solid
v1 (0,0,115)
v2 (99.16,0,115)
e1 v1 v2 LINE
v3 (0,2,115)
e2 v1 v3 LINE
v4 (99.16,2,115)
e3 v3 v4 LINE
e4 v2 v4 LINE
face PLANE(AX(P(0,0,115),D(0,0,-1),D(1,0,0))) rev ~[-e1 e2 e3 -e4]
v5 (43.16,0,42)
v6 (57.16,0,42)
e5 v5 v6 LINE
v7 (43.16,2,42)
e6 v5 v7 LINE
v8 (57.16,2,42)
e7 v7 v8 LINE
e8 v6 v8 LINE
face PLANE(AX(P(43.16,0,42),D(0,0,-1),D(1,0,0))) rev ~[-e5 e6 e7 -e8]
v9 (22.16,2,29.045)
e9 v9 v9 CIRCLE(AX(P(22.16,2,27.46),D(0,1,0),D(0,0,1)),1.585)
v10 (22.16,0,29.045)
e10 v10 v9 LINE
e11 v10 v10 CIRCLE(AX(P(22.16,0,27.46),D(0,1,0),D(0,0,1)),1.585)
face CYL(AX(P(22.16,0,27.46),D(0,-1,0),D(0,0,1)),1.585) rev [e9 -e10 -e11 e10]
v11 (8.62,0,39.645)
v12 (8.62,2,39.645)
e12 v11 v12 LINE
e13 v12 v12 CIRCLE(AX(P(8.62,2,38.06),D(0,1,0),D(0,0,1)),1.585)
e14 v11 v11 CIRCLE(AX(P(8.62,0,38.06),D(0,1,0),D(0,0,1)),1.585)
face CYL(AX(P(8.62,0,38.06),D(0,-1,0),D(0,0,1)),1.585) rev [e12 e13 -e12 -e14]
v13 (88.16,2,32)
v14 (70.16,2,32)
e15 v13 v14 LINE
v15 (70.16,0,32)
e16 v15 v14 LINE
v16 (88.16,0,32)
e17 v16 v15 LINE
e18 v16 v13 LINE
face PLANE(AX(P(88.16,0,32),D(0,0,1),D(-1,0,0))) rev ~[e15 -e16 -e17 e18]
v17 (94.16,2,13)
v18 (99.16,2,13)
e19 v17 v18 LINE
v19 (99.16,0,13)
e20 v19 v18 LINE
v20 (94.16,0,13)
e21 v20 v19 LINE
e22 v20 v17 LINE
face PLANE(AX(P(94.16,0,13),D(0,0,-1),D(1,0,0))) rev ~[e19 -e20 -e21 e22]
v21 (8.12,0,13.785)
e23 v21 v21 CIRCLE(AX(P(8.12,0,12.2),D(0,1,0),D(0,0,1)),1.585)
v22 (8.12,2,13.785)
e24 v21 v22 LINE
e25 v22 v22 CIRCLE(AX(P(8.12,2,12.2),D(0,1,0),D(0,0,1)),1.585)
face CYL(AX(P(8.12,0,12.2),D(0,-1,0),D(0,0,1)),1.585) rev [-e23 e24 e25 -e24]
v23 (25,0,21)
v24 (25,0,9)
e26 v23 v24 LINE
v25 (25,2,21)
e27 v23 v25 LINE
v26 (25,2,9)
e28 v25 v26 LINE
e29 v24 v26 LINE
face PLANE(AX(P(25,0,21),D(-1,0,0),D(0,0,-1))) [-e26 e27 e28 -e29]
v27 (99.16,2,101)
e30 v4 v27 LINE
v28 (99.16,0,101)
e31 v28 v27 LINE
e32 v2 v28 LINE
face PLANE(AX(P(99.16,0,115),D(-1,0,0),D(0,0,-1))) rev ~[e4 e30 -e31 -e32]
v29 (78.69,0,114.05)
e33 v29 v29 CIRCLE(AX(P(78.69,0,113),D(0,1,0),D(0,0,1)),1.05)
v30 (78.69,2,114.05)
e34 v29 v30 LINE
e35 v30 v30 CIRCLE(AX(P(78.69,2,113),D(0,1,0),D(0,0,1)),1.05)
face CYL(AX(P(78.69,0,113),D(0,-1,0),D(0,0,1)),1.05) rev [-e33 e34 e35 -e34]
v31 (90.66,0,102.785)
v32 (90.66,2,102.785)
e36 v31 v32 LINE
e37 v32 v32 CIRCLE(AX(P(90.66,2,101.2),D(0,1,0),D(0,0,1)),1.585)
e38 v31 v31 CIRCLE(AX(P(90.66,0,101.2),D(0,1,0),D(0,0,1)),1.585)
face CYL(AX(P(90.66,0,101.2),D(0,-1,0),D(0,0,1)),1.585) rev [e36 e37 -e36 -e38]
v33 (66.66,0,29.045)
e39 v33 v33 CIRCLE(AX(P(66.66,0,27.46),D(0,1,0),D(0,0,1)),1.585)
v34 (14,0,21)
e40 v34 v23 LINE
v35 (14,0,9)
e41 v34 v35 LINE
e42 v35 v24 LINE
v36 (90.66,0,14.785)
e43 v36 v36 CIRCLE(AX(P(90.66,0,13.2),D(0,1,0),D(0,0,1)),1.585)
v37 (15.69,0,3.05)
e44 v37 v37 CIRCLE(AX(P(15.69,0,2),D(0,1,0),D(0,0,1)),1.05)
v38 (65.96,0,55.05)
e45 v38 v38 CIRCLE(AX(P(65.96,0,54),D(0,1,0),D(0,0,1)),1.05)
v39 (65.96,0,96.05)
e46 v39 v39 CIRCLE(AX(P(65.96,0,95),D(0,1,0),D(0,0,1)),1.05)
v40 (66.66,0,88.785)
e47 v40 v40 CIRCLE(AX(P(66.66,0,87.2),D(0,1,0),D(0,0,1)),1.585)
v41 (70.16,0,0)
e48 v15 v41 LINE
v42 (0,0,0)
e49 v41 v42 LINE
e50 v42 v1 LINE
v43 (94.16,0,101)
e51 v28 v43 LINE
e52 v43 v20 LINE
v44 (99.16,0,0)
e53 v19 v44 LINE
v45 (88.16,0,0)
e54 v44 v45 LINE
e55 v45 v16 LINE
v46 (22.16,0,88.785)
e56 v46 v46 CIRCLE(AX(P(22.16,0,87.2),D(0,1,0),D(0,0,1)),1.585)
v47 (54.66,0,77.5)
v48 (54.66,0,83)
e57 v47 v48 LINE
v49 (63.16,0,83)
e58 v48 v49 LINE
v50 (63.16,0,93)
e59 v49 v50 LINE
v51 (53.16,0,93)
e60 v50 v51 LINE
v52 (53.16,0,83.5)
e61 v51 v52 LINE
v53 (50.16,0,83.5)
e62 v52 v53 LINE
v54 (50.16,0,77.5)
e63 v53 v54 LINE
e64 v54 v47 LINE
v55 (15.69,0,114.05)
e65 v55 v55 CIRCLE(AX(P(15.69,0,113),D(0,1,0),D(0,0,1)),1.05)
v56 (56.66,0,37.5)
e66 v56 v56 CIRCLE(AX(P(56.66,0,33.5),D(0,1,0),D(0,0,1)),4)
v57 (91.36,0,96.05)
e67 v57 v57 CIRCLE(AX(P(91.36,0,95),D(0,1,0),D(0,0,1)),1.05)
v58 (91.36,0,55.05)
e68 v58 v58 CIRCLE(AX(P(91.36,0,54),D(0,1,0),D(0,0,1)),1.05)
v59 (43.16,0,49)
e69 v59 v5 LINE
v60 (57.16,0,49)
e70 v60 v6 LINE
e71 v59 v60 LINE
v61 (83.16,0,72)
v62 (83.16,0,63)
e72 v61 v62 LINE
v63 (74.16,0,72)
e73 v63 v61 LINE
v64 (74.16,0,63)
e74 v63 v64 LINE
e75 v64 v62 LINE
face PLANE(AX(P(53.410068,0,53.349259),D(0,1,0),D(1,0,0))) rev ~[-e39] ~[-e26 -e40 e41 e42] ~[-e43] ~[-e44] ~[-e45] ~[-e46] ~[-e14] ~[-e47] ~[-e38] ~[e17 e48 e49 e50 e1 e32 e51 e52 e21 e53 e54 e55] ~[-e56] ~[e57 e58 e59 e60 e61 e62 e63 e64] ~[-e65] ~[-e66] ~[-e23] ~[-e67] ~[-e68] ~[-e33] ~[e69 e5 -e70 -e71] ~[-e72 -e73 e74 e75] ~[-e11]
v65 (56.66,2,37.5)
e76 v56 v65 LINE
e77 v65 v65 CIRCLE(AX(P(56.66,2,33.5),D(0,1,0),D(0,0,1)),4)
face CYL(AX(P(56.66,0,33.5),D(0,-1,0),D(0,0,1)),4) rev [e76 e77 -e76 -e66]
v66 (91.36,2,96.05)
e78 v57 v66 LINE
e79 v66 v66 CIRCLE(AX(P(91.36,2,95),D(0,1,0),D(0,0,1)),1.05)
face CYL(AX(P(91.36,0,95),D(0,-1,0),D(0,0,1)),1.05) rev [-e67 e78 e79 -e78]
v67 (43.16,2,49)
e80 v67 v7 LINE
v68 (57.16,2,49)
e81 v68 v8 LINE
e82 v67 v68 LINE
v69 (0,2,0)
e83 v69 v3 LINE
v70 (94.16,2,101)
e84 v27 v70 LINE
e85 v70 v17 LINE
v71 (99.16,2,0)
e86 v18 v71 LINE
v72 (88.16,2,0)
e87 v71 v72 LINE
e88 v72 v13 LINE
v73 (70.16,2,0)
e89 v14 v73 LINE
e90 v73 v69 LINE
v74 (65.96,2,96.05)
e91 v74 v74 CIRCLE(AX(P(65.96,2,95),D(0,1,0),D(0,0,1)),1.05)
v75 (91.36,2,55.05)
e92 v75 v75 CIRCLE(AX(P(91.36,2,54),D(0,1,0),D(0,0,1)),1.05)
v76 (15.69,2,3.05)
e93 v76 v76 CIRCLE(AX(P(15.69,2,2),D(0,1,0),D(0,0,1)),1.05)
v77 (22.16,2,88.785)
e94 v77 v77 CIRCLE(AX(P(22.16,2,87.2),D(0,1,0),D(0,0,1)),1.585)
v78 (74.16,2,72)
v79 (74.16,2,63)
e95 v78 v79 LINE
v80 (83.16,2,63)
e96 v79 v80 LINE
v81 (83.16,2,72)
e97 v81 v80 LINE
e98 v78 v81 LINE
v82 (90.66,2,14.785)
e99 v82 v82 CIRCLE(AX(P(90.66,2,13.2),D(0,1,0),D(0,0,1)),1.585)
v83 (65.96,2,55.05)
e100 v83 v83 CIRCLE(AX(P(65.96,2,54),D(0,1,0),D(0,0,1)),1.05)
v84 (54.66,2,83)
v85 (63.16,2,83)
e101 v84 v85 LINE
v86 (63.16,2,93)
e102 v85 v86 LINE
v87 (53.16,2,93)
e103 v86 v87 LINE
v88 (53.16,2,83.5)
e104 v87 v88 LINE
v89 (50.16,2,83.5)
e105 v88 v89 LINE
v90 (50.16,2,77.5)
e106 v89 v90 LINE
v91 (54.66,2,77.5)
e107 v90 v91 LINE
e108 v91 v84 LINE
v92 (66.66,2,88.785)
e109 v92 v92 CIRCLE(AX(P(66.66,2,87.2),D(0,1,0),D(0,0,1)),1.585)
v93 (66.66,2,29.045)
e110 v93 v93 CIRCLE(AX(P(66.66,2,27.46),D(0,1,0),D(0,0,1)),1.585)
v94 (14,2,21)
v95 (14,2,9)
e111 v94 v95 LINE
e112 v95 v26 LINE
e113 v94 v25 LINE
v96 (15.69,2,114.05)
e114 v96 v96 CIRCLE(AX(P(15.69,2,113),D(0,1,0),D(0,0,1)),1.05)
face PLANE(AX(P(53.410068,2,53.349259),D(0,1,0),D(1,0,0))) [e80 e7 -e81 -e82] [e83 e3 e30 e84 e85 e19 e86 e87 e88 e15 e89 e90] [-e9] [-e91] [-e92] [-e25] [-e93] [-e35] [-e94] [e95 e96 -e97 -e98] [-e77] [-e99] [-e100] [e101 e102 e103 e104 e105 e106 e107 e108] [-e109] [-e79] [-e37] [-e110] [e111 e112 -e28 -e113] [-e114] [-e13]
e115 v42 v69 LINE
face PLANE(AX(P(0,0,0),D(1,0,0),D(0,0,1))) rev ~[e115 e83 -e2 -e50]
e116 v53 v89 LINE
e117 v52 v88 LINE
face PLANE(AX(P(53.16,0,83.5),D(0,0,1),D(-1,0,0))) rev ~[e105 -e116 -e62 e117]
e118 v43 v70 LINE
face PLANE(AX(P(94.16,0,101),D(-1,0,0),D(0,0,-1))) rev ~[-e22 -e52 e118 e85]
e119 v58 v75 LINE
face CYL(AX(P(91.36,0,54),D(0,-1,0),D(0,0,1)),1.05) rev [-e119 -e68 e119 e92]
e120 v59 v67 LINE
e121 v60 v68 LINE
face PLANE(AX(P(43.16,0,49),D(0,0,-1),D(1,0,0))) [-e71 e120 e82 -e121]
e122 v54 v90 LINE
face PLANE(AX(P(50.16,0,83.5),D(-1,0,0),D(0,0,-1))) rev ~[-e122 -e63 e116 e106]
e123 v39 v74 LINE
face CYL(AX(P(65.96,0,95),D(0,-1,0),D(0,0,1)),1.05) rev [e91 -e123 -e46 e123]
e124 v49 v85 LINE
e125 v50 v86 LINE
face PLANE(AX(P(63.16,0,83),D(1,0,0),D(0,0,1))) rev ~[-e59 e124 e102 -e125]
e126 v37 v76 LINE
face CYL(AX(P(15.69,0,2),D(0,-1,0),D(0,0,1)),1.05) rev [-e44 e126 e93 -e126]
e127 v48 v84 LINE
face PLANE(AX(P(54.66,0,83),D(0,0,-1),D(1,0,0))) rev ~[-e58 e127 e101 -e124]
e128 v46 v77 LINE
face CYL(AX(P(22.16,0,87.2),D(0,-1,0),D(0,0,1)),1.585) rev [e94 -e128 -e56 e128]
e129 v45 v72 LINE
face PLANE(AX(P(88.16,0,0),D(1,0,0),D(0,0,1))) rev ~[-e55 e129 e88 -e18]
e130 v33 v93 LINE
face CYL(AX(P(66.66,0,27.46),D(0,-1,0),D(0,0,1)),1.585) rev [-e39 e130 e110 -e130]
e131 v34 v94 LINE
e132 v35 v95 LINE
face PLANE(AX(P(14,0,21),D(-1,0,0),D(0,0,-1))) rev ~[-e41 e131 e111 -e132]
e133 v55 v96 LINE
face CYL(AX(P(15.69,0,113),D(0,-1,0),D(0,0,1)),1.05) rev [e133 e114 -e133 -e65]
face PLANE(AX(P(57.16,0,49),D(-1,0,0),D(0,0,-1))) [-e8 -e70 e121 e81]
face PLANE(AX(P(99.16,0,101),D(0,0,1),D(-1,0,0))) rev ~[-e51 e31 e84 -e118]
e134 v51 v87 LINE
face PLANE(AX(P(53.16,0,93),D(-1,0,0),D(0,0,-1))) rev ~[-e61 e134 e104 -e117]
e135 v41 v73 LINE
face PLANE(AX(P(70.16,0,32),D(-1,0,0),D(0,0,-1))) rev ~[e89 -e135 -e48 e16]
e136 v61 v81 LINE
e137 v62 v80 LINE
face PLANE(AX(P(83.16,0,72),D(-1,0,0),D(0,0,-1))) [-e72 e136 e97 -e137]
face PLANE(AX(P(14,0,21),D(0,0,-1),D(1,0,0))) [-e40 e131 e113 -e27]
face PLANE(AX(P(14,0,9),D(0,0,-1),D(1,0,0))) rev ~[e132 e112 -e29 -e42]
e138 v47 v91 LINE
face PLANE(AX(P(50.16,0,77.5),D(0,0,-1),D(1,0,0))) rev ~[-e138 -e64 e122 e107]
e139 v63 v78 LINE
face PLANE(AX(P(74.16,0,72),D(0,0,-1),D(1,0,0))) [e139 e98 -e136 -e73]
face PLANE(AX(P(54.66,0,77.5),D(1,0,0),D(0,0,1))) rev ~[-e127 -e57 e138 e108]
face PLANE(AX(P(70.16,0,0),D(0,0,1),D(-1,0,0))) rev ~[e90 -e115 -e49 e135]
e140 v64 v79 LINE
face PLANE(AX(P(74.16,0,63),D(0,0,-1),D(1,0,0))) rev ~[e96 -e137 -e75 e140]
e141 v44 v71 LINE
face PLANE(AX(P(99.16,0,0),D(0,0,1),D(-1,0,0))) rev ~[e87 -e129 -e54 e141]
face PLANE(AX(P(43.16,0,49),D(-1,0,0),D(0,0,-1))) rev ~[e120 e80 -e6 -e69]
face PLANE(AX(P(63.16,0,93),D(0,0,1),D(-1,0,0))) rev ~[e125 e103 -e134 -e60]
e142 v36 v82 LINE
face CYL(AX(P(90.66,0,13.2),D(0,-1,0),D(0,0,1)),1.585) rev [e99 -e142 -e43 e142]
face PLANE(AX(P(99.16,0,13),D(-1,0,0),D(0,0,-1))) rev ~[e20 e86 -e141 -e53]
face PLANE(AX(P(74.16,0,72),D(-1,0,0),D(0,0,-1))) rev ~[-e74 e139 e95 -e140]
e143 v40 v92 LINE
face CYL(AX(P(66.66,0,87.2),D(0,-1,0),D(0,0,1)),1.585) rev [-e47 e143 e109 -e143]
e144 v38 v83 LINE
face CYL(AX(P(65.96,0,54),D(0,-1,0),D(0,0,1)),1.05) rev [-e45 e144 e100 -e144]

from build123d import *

# Parameters (mm, degrees)
SKETCH_1_R      = 1.05
SKETCH_1_R_2    = 1.585
SKETCH_1_W      = 9
SKETCH_1_H      = 9
SKETCH_1_W_2    = 11
SKETCH_1_H_2    = 12
SKETCH_1_W_3    = 14
SKETCH_1_H_3    = 7
SKETCH_1_R_3    = 4
EXTRUDE_1_DEPTH = 2


with BuildPart() as part:
    # 草图1 → 凸台-拉伸1 (new body)
    with BuildSketch(Plane(origin=(0, 0, 0), x_dir=(1, 0, 0), z_dir=(0, 1, 0))):
        Polygon((70.16, 0), (0, 0), (0, -115), (99.16, -115), (99.16, -101), (94.16, -101), (94.16, -13), (99.16, -13), (99.16, 0), (88.16, 0), (88.16, -32), (70.16, -32), align=None)
        with Locations(Location((15.69, -113, 0), (0, 0, 270))):
            Circle(SKETCH_1_R, mode=Mode.SUBTRACT)
        with Locations(Location((22.16, -87.2, 0), (0, 0, 270))):
            Circle(SKETCH_1_R_2, mode=Mode.SUBTRACT)
        with Locations(Location((65.96, -95, 0), (0, 0, 270))):
            Circle(SKETCH_1_R, mode=Mode.SUBTRACT)
        with Locations(Location((66.66, -87.2, 0), (0, 0, 270))):
            Circle(SKETCH_1_R_2, mode=Mode.SUBTRACT)
        with Locations(Location((78.69, -113, 0), (0, 0, 270))):
            Circle(SKETCH_1_R, mode=Mode.SUBTRACT)
        with Locations(Location((90.66, -101.2, 0), (0, 0, 270))):
            Circle(SKETCH_1_R_2, mode=Mode.SUBTRACT)
        with Locations(Location((91.36, -95, 0), (0, 0, 270))):
            Circle(SKETCH_1_R, mode=Mode.SUBTRACT)
        Polygon((50.16, -83.5), (50.16, -77.5), (54.66, -77.5), (54.66, -83), (63.16, -83), (63.16, -93), (53.16, -93), (53.16, -83.5), align=None, mode=Mode.SUBTRACT)
        with Locations((78.66, -67.5)):
            Rectangle(SKETCH_1_W, SKETCH_1_H, mode=Mode.SUBTRACT)
        with Locations(Location((22.16, -27.46, 0), (0, 0, 270))):
            Circle(SKETCH_1_R_2, mode=Mode.SUBTRACT)
        with Locations((19.5, -15)):
            Rectangle(SKETCH_1_W_2, SKETCH_1_H_2, mode=Mode.SUBTRACT)
        with Locations(Location((15.69, -2, 0), (0, 0, 270))):
            Circle(SKETCH_1_R, mode=Mode.SUBTRACT)
        with Locations((50.16, -45.5)):
            Rectangle(SKETCH_1_W_3, SKETCH_1_H_3, mode=Mode.SUBTRACT)
        with Locations(Location((65.96, -54, 0), (0, 0, 270))):
            Circle(SKETCH_1_R, mode=Mode.SUBTRACT)
        with Locations(Location((56.66, -33.5, 0), (0, 0, 270))):
            Circle(SKETCH_1_R_3, mode=Mode.SUBTRACT)
        with Locations(Location((91.36, -54, 0), (0, 0, 270))):
            Circle(SKETCH_1_R, mode=Mode.SUBTRACT)
        with Locations(Location((66.66, -27.46, 0), (0, 0, 270))):
            Circle(SKETCH_1_R_2, mode=Mode.SUBTRACT)
        with Locations(Location((90.66, -13.2, 0), (0, 0, 270))):
            Circle(SKETCH_1_R_2, mode=Mode.SUBTRACT)
        with Locations(Location((8.12, -12.2, 0), (0, 0, 270))):
            Circle(SKETCH_1_R_2, mode=Mode.SUBTRACT)
        with Locations(Location((8.62, -38.06, 0), (0, 0, 270))):
            Circle(SKETCH_1_R_2, mode=Mode.SUBTRACT)
    extrude(amount=EXTRUDE_1_DEPTH)


solid = part.part
